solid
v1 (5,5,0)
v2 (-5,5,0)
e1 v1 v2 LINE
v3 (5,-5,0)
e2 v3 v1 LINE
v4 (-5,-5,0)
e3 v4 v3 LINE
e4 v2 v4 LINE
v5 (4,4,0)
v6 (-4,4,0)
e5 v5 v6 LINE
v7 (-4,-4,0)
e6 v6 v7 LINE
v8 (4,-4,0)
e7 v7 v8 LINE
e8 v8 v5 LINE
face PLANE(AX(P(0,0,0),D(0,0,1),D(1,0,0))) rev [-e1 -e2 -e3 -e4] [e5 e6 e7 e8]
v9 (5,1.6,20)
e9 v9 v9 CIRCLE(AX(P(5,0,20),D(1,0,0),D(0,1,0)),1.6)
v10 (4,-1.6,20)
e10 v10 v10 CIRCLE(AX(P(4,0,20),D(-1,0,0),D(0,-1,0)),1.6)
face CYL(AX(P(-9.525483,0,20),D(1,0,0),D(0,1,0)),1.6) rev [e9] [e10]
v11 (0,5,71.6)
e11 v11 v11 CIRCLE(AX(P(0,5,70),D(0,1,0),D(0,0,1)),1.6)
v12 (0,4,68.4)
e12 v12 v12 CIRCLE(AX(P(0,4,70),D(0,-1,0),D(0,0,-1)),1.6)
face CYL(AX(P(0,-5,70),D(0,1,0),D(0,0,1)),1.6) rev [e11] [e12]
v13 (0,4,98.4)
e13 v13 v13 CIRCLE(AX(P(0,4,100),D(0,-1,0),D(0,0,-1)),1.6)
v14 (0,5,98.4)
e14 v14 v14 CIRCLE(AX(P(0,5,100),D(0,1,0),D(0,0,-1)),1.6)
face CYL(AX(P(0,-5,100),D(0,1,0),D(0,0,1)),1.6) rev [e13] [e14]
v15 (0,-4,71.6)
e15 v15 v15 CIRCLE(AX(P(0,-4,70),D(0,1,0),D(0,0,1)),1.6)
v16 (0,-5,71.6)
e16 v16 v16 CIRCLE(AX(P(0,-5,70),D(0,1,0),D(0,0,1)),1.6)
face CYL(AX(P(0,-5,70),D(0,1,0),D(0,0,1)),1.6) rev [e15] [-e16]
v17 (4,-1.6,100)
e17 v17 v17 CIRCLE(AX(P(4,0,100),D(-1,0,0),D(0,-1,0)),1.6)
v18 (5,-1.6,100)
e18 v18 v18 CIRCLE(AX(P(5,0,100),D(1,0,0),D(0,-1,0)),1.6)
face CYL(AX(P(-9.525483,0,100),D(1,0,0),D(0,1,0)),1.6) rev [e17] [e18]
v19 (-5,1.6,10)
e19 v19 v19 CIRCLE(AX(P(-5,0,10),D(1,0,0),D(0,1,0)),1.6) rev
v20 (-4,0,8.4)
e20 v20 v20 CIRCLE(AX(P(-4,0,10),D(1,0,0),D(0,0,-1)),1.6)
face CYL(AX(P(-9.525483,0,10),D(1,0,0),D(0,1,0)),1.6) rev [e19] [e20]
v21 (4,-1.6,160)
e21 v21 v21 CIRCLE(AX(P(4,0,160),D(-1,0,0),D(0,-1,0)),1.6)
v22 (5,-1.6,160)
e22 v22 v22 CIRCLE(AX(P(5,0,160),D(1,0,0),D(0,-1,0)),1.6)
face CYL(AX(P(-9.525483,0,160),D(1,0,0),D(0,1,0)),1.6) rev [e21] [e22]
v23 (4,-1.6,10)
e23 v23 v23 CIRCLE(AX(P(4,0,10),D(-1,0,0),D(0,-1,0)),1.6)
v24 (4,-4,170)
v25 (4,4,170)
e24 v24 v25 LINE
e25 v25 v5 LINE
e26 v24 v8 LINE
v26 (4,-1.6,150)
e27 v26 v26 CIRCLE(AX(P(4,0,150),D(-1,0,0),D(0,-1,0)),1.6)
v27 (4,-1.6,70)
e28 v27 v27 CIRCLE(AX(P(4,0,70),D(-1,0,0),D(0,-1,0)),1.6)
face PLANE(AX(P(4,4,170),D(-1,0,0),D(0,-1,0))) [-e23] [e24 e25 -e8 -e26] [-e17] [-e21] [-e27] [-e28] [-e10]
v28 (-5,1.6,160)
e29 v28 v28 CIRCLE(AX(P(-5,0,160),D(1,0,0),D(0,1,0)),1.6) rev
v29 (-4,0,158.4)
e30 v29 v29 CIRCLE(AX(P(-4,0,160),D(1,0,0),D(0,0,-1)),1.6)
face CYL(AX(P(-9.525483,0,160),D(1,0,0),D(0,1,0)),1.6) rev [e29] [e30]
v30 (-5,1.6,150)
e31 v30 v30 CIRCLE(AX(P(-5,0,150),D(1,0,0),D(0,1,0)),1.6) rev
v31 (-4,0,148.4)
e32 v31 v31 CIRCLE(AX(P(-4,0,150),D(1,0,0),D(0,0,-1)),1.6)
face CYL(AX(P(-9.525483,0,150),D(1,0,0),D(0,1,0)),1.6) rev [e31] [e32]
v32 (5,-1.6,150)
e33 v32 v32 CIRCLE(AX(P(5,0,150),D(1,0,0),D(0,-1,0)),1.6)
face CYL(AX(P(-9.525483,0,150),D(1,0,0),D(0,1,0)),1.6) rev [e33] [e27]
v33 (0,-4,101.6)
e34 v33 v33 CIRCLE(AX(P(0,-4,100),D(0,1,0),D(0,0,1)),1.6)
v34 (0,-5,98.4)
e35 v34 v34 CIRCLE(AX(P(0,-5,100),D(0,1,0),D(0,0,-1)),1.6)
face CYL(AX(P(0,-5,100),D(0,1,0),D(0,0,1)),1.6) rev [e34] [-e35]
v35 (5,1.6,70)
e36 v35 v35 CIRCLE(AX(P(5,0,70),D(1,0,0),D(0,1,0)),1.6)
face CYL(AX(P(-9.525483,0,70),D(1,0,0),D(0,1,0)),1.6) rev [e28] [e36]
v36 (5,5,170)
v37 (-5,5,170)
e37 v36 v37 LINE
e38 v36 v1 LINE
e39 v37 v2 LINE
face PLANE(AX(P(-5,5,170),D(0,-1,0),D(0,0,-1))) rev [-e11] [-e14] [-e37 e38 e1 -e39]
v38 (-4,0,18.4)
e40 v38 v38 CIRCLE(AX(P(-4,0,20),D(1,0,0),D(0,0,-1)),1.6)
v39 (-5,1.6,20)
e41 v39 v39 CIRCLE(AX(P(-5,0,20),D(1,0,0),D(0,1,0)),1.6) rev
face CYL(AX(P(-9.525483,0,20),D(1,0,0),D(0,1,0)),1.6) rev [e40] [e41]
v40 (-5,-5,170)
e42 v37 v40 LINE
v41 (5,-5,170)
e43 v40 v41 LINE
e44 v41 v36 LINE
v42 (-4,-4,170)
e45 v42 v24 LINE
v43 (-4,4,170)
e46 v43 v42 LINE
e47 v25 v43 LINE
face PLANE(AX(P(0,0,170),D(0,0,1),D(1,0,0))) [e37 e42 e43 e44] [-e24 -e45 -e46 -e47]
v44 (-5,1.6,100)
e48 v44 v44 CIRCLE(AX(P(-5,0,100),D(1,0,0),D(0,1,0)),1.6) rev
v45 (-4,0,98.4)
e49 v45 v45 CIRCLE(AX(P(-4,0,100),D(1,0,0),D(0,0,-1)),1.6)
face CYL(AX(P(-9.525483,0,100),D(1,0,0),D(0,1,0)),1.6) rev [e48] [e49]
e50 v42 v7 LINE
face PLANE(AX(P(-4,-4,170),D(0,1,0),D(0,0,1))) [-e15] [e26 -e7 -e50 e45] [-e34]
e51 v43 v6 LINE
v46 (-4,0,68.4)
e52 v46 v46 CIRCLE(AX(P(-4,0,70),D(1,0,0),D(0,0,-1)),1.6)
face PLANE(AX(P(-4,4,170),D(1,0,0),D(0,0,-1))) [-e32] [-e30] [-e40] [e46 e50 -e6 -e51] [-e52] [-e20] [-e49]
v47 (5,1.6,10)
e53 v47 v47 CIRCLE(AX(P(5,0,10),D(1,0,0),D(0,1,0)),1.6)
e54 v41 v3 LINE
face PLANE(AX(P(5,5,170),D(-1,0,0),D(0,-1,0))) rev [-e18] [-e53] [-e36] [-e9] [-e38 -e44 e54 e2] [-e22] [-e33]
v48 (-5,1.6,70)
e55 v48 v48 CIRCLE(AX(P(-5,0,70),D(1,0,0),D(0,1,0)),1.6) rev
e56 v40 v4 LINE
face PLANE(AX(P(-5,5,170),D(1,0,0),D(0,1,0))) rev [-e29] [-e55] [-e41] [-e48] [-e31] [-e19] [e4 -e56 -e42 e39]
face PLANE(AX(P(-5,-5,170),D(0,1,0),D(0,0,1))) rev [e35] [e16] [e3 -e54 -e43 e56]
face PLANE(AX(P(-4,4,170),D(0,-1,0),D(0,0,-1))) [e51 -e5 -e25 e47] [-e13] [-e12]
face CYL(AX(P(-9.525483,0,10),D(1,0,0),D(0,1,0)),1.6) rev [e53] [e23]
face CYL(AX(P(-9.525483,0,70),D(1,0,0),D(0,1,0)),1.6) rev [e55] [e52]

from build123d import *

# Parameters (mm, degrees)
SKETCH1_W           = 10
SKETCH1_H           = 10
SKETCH1_W_2         = 8
SKETCH1_H_2         = 8
BOSS_EXTRUDE1_DEPTH = 170
CUT_EXTRUDE1_REACH  = 172.367
SKETCH2_R           = 1.6
SKETCH3_R           = 1.6
CUT_EXTRUDE2_DEPTH  = 10


with BuildPart() as part:
    # Sketch1 → Boss-Extrude1 (new body)
    with BuildSketch(Plane.XY):
        Rectangle(SKETCH1_W, SKETCH1_H)
        Rectangle(SKETCH1_W_2, SKETCH1_H_2, mode=Mode.SUBTRACT)
    extrude(amount=BOSS_EXTRUDE1_DEPTH)

    # Cut-Extrude1: up to this face of the body (flat: up to its plane)
    cut_extrude1_end = Plane(part.part.faces().sort_by_distance((-5, 0, 85))[0])
    # Sketch2 → Cut-Extrude1 (cut, up to the picked face)
    with BuildSketch(Plane(origin=(5, 0, 0), x_dir=(0, 0, -1), z_dir=(1, 0, 0)), mode=Mode.PRIVATE) as cut_extrude1_sk1:
        with Locations(Location((-20, 0, 0), (0, 0, 90))):
            Circle(SKETCH2_R)
    cut_extrude1_tool1 = split(extrude(cut_extrude1_sk1.sketch, amount=-CUT_EXTRUDE1_REACH, mode=Mode.PRIVATE), bisect_by=cut_extrude1_end, keep=Keep.BOTH, mode=Mode.PRIVATE)
    # Sketch2 → Cut-Extrude1 (cut, up to the picked face)
    with BuildSketch(Plane(origin=(5, 0, 0), x_dir=(0, 0, -1), z_dir=(1, 0, 0)), mode=Mode.PRIVATE) as cut_extrude1_sk2:
        with Locations(Location((-10, 0, 0), (0, 0, 90))):
            Circle(SKETCH2_R)
    cut_extrude1_tool2 = split(extrude(cut_extrude1_sk2.sketch, amount=-CUT_EXTRUDE1_REACH, mode=Mode.PRIVATE), bisect_by=cut_extrude1_end, keep=Keep.BOTH, mode=Mode.PRIVATE)
    # Sketch2 → Cut-Extrude1 (cut, up to the picked face)
    with BuildSketch(Plane(origin=(5, 0, 0), x_dir=(0, 0, -1), z_dir=(1, 0, 0)), mode=Mode.PRIVATE) as cut_extrude1_sk3:
        with Locations(Location((-160, 0, 0), (0, 0, 90))):
            Circle(SKETCH2_R)
    cut_extrude1_tool3 = split(extrude(cut_extrude1_sk3.sketch, amount=-CUT_EXTRUDE1_REACH, mode=Mode.PRIVATE), bisect_by=cut_extrude1_end, keep=Keep.BOTH, mode=Mode.PRIVATE)
    # Sketch2 → Cut-Extrude1 (cut, up to the picked face)
    with BuildSketch(Plane(origin=(5, 0, 0), x_dir=(0, 0, -1), z_dir=(1, 0, 0)), mode=Mode.PRIVATE) as cut_extrude1_sk4:
        with Locations(Location((-150, 0, 0), (0, 0, 90))):
            Circle(SKETCH2_R)
    cut_extrude1_tool4 = split(extrude(cut_extrude1_sk4.sketch, amount=-CUT_EXTRUDE1_REACH, mode=Mode.PRIVATE), bisect_by=cut_extrude1_end, keep=Keep.BOTH, mode=Mode.PRIVATE)
    # Sketch2 → Cut-Extrude1 (cut, up to the picked face)
    with BuildSketch(Plane(origin=(5, 0, 0), x_dir=(0, 0, -1), z_dir=(1, 0, 0)), mode=Mode.PRIVATE) as cut_extrude1_sk5:
        with Locations(Location((-70, 0, 0), (0, 0, 90))):
            Circle(SKETCH2_R)
    cut_extrude1_tool5 = split(extrude(cut_extrude1_sk5.sketch, amount=-CUT_EXTRUDE1_REACH, mode=Mode.PRIVATE), bisect_by=cut_extrude1_end, keep=Keep.BOTH, mode=Mode.PRIVATE)
    # Sketch2 → Cut-Extrude1 (cut, up to the picked face)
    with BuildSketch(Plane(origin=(5, 0, 0), x_dir=(0, 0, -1), z_dir=(1, 0, 0)), mode=Mode.PRIVATE) as cut_extrude1_sk6:
        with Locations(Location((-100, 0, 0), (0, 0, 90))):
            Circle(SKETCH2_R)
    cut_extrude1_tool6 = split(extrude(cut_extrude1_sk6.sketch, amount=-CUT_EXTRUDE1_REACH, mode=Mode.PRIVATE), bisect_by=cut_extrude1_end, keep=Keep.BOTH, mode=Mode.PRIVATE)
    add(cut_extrude1_tool1.solids().sort_by(Axis((5, 0, 20), (-1, 0, 0)))[0], mode=Mode.SUBTRACT)
    add(cut_extrude1_tool2.solids().sort_by(Axis((5, 0, 10), (-1, 0, 0)))[0], mode=Mode.SUBTRACT)
    add(cut_extrude1_tool3.solids().sort_by(Axis((5, 0, 160), (-1, 0, 0)))[0], mode=Mode.SUBTRACT)
    add(cut_extrude1_tool4.solids().sort_by(Axis((5, 0, 150), (-1, 0, 0)))[0], mode=Mode.SUBTRACT)
    add(cut_extrude1_tool5.solids().sort_by(Axis((5, 0, 70), (-1, 0, 0)))[0], mode=Mode.SUBTRACT)
    add(cut_extrude1_tool6.solids().sort_by(Axis((5, 0, 100), (-1, 0, 0)))[0], mode=Mode.SUBTRACT)

    # Sketch3 → Cut-Extrude2 (cut)
    with BuildSketch(Plane(origin=(0, 5, 0), x_dir=(1, 0, 0), z_dir=(0, 1, 0))):
        with Locations(Location((0, -70, 0), (0, 0, 270))):
            Circle(SKETCH3_R)
        with Locations(Location((0, -100, 0), (0, 0, 270))):
            Circle(SKETCH3_R)
    extrude(amount=-CUT_EXTRUDE2_DEPTH, mode=Mode.SUBTRACT)


solid = part.part
